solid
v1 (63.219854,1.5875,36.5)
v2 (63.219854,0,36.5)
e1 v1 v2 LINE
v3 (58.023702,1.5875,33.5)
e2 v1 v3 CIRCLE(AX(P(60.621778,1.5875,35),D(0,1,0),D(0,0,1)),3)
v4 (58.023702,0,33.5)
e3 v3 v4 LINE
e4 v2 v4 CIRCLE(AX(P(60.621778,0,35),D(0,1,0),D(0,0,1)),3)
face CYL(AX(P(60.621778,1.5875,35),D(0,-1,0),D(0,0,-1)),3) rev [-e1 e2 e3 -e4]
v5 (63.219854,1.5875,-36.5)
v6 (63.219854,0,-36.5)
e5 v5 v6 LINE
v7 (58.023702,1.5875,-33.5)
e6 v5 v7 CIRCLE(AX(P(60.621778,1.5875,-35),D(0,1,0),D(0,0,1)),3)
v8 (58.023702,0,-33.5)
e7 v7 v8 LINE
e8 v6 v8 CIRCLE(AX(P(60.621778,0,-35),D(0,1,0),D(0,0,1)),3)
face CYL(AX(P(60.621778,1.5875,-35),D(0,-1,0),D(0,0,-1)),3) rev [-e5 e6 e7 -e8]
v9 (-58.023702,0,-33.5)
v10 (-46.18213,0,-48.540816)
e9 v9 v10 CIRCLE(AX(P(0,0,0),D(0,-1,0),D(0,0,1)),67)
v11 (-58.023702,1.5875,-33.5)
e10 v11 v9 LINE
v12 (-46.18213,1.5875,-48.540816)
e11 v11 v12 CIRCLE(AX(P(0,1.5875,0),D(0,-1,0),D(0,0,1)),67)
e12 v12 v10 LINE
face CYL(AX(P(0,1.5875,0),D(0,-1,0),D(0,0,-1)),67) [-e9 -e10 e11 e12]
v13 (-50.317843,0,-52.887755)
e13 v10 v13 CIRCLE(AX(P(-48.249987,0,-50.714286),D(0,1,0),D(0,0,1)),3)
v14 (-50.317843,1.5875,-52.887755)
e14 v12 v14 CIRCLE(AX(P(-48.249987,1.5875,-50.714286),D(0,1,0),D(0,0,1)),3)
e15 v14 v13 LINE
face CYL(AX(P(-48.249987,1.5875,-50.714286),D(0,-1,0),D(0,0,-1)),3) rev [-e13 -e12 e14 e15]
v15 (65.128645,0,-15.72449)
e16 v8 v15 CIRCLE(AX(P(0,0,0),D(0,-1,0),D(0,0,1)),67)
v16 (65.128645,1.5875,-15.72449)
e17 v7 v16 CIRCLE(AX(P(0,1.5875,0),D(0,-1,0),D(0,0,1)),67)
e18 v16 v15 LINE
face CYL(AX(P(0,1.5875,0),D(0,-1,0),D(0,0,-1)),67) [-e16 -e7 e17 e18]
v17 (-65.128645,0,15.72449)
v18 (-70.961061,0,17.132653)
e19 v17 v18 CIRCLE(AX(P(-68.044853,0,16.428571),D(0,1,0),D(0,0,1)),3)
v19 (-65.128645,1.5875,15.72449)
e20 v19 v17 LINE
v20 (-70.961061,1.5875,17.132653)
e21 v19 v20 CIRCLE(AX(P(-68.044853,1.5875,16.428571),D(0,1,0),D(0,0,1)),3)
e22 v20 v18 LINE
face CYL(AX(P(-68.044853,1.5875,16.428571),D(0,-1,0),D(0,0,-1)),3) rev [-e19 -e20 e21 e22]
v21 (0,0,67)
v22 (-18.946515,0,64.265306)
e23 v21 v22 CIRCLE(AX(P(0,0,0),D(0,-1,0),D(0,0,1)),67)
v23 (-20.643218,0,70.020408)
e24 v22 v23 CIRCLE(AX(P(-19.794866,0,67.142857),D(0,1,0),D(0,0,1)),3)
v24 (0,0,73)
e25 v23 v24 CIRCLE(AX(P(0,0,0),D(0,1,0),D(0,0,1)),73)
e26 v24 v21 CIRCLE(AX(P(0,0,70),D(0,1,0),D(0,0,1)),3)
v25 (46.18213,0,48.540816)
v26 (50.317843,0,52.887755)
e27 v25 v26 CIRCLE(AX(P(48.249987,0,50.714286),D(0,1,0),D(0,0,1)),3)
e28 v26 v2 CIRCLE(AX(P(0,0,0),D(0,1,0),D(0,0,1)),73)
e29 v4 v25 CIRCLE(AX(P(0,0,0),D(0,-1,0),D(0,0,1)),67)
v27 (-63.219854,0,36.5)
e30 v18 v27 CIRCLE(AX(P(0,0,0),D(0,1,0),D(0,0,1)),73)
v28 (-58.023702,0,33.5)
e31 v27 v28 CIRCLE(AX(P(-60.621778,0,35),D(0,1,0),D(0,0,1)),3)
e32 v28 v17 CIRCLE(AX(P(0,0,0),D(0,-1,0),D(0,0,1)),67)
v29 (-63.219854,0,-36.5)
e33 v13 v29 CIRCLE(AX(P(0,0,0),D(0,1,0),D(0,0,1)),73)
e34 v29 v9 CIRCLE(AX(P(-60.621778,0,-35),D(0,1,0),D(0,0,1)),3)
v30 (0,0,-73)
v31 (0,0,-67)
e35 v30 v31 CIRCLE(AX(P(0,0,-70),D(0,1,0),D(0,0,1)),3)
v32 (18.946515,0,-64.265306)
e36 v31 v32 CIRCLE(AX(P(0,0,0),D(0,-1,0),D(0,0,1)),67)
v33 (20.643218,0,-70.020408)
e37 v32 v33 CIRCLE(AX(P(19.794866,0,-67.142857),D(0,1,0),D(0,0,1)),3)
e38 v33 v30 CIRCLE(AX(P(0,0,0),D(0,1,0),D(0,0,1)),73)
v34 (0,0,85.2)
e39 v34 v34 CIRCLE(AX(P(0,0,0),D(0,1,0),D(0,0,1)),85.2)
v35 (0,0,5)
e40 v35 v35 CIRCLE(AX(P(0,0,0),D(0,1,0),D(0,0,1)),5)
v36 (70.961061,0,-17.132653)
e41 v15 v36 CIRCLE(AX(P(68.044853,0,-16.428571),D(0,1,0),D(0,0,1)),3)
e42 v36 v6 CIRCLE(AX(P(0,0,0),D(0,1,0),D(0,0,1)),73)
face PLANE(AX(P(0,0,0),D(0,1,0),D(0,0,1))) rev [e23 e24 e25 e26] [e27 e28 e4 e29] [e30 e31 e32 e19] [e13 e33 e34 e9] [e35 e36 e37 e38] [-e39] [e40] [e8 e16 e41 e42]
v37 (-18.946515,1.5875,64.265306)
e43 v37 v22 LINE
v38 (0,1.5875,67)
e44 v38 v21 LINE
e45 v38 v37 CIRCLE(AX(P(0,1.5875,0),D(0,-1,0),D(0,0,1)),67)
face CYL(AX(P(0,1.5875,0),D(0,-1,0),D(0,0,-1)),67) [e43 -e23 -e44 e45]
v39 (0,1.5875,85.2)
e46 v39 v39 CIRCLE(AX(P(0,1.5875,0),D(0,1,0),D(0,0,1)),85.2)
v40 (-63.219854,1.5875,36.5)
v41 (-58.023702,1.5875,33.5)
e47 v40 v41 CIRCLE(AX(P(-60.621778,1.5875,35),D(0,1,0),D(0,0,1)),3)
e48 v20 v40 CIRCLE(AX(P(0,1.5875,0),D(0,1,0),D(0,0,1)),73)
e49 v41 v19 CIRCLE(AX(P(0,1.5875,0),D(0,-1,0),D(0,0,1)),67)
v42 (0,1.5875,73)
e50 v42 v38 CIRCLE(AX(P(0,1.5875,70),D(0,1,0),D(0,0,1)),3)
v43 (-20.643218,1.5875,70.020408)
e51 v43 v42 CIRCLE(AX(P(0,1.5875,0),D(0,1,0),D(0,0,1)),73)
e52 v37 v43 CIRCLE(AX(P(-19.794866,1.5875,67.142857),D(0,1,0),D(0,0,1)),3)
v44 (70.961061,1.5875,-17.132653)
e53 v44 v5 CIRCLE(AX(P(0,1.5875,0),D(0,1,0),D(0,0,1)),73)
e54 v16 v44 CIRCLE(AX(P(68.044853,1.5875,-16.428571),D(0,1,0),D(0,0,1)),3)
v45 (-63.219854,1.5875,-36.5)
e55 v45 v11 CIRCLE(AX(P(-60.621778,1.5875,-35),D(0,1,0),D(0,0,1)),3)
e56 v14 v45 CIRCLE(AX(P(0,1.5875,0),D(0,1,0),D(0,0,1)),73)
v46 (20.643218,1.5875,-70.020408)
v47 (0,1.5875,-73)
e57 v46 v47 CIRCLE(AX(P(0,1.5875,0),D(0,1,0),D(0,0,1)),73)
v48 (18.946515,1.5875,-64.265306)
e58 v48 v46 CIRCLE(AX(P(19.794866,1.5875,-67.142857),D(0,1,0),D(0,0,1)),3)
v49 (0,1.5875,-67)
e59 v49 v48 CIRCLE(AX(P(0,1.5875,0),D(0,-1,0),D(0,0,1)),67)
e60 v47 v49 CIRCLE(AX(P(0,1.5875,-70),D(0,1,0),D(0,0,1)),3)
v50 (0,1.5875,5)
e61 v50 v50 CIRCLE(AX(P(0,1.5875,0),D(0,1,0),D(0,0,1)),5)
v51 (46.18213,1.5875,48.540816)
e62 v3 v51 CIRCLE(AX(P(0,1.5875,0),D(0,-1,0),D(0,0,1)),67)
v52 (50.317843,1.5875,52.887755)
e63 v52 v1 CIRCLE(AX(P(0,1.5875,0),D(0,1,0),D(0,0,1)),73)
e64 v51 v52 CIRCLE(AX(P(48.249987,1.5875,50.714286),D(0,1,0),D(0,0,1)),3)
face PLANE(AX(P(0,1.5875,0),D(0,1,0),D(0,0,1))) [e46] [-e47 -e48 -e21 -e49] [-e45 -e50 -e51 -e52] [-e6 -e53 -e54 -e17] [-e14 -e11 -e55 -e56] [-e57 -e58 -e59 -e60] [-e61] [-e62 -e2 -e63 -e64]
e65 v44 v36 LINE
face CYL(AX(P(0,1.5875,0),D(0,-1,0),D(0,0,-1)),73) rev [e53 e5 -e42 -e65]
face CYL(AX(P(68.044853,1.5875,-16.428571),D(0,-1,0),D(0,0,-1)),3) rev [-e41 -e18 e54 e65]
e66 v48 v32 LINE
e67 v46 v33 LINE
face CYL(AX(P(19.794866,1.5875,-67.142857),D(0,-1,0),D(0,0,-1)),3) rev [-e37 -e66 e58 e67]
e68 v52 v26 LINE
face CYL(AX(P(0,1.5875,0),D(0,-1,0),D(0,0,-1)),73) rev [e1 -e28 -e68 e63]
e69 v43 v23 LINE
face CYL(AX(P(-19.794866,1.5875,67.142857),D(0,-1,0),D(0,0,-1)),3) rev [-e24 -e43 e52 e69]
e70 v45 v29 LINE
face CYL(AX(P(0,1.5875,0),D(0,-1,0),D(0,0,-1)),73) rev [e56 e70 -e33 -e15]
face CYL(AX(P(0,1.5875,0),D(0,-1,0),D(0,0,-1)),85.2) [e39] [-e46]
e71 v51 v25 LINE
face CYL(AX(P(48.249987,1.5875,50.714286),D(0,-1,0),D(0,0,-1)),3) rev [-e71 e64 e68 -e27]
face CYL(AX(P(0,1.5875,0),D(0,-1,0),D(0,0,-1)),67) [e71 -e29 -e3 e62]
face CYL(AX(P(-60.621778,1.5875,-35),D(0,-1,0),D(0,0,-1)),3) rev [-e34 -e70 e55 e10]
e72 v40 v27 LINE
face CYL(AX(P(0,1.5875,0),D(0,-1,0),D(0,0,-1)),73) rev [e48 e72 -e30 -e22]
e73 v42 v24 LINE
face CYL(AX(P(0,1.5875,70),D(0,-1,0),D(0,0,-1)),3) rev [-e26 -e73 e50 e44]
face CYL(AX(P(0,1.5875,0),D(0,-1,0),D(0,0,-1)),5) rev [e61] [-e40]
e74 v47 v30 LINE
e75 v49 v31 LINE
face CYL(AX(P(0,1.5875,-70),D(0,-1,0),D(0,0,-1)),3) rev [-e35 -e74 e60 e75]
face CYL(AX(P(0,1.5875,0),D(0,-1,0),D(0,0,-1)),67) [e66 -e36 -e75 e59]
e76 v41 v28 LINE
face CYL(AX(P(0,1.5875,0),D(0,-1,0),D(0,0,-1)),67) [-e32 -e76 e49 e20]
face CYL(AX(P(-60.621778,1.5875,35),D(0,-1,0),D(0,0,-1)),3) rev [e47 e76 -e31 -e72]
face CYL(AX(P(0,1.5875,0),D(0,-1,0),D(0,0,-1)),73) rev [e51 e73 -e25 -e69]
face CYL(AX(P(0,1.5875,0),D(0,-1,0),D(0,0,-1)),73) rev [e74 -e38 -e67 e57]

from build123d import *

# Parameters (mm, degrees)
SKETCH1_R           = 85.2
SKETCH1_R_2         = 5
BOSS_EXTRUDE1_DEPTH = 1.5875


with BuildPart() as part:
    # Sketch1 → Boss-Extrude1 (new body)
    with BuildSketch(Plane(origin=(0, 0, 0), x_dir=(1, 0, 0), z_dir=(0, 1, 0))):
        Circle(SKETCH1_R)
        Circle(SKETCH1_R_2, mode=Mode.SUBTRACT)
        with BuildLine():
            ThreePointArc((70.961061147, 17.132653061), (67.785714286, 27.094223347), (63.219854476, 36.5))
            ThreePointArc((63.219854476, 36.5), (59.121778265, 37.598076211), (58.023702054, 33.5))
            ThreePointArc((58.023702054, 33.5), (62.214285714, 24.86730088), (65.128645162, 15.724489796))
            ThreePointArc((65.128645162, 15.724489796), (68.748934787, 13.512363436), (70.961061147, 17.132653061))
        make_face(mode=Mode.SUBTRACT)
        with BuildLine():
            ThreePointArc((20.643217788, 70.020408163), (10.428571429, 72.251262259), (0, 73))
            ThreePointArc((0, 73), (-3, 70), (0, 67))
            ThreePointArc((0, 67), (9.571428571, 66.312802347), (18.946514956, 64.265306122))
            ThreePointArc((18.946514956, 64.265306122), (22.672417393, 66.294505727), (20.643217788, 70.020408163))
        make_face(mode=Mode.SUBTRACT)
        with BuildLine():
            ThreePointArc((50.317843359, -52.887755102), (57.357142857, -45.157038912), (63.219854476, -36.5))
            ThreePointArc((63.219854476, -36.5), (62.121778265, -32.401923789), (58.023702054, -33.5))
            ThreePointArc((58.023702054, -33.5), (52.642857143, -41.445501467), (46.182130206, -48.540816327))
            ThreePointArc((46.182130206, -48.540816327), (46.076517395, -52.782142291), (50.317843359, -52.887755102))
        make_face(mode=Mode.SUBTRACT)
        with BuildLine():
            ThreePointArc((-20.643217788, -70.020408163), (-10.428571429, -72.251262259), (0, -73))
            ThreePointArc((0, -73), (3, -70), (0, -67))
            ThreePointArc((0, -67), (-9.571428571, -66.312802347), (-18.946514956, -64.265306122))
            ThreePointArc((-18.946514956, -64.265306122), (-22.672417393, -66.294505727), (-20.643217788, -70.020408163))
        make_face(mode=Mode.SUBTRACT)
        with BuildLine():
            ThreePointArc((-70.961061147, -17.132653061), (-67.785714286, -27.094223347), (-63.219854476, -36.5))
            ThreePointArc((-63.219854476, -36.5), (-59.121778265, -37.598076211), (-58.023702054, -33.5))
            ThreePointArc((-58.023702054, -33.5), (-62.214285714, -24.86730088), (-65.128645162, -15.724489796))
            ThreePointArc((-65.128645162, -15.724489796), (-68.748934787, -13.512363436), (-70.961061147, -17.132653061))
        make_face(mode=Mode.SUBTRACT)
        with BuildLine():
            ThreePointArc((-50.317843359, 52.887755102), (-57.357142857, 45.157038912), (-63.219854476, 36.5))
            ThreePointArc((-63.219854476, 36.5), (-62.121778265, 32.401923789), (-58.023702054, 33.5))
            ThreePointArc((-58.023702054, 33.5), (-52.642857143, 41.445501467), (-46.182130206, 48.540816327))
            ThreePointArc((-46.182130206, 48.540816327), (-46.076517395, 52.782142291), (-50.317843359, 52.887755102))
        make_face(mode=Mode.SUBTRACT)
    extrude(amount=BOSS_EXTRUDE1_DEPTH)


solid = part.part
